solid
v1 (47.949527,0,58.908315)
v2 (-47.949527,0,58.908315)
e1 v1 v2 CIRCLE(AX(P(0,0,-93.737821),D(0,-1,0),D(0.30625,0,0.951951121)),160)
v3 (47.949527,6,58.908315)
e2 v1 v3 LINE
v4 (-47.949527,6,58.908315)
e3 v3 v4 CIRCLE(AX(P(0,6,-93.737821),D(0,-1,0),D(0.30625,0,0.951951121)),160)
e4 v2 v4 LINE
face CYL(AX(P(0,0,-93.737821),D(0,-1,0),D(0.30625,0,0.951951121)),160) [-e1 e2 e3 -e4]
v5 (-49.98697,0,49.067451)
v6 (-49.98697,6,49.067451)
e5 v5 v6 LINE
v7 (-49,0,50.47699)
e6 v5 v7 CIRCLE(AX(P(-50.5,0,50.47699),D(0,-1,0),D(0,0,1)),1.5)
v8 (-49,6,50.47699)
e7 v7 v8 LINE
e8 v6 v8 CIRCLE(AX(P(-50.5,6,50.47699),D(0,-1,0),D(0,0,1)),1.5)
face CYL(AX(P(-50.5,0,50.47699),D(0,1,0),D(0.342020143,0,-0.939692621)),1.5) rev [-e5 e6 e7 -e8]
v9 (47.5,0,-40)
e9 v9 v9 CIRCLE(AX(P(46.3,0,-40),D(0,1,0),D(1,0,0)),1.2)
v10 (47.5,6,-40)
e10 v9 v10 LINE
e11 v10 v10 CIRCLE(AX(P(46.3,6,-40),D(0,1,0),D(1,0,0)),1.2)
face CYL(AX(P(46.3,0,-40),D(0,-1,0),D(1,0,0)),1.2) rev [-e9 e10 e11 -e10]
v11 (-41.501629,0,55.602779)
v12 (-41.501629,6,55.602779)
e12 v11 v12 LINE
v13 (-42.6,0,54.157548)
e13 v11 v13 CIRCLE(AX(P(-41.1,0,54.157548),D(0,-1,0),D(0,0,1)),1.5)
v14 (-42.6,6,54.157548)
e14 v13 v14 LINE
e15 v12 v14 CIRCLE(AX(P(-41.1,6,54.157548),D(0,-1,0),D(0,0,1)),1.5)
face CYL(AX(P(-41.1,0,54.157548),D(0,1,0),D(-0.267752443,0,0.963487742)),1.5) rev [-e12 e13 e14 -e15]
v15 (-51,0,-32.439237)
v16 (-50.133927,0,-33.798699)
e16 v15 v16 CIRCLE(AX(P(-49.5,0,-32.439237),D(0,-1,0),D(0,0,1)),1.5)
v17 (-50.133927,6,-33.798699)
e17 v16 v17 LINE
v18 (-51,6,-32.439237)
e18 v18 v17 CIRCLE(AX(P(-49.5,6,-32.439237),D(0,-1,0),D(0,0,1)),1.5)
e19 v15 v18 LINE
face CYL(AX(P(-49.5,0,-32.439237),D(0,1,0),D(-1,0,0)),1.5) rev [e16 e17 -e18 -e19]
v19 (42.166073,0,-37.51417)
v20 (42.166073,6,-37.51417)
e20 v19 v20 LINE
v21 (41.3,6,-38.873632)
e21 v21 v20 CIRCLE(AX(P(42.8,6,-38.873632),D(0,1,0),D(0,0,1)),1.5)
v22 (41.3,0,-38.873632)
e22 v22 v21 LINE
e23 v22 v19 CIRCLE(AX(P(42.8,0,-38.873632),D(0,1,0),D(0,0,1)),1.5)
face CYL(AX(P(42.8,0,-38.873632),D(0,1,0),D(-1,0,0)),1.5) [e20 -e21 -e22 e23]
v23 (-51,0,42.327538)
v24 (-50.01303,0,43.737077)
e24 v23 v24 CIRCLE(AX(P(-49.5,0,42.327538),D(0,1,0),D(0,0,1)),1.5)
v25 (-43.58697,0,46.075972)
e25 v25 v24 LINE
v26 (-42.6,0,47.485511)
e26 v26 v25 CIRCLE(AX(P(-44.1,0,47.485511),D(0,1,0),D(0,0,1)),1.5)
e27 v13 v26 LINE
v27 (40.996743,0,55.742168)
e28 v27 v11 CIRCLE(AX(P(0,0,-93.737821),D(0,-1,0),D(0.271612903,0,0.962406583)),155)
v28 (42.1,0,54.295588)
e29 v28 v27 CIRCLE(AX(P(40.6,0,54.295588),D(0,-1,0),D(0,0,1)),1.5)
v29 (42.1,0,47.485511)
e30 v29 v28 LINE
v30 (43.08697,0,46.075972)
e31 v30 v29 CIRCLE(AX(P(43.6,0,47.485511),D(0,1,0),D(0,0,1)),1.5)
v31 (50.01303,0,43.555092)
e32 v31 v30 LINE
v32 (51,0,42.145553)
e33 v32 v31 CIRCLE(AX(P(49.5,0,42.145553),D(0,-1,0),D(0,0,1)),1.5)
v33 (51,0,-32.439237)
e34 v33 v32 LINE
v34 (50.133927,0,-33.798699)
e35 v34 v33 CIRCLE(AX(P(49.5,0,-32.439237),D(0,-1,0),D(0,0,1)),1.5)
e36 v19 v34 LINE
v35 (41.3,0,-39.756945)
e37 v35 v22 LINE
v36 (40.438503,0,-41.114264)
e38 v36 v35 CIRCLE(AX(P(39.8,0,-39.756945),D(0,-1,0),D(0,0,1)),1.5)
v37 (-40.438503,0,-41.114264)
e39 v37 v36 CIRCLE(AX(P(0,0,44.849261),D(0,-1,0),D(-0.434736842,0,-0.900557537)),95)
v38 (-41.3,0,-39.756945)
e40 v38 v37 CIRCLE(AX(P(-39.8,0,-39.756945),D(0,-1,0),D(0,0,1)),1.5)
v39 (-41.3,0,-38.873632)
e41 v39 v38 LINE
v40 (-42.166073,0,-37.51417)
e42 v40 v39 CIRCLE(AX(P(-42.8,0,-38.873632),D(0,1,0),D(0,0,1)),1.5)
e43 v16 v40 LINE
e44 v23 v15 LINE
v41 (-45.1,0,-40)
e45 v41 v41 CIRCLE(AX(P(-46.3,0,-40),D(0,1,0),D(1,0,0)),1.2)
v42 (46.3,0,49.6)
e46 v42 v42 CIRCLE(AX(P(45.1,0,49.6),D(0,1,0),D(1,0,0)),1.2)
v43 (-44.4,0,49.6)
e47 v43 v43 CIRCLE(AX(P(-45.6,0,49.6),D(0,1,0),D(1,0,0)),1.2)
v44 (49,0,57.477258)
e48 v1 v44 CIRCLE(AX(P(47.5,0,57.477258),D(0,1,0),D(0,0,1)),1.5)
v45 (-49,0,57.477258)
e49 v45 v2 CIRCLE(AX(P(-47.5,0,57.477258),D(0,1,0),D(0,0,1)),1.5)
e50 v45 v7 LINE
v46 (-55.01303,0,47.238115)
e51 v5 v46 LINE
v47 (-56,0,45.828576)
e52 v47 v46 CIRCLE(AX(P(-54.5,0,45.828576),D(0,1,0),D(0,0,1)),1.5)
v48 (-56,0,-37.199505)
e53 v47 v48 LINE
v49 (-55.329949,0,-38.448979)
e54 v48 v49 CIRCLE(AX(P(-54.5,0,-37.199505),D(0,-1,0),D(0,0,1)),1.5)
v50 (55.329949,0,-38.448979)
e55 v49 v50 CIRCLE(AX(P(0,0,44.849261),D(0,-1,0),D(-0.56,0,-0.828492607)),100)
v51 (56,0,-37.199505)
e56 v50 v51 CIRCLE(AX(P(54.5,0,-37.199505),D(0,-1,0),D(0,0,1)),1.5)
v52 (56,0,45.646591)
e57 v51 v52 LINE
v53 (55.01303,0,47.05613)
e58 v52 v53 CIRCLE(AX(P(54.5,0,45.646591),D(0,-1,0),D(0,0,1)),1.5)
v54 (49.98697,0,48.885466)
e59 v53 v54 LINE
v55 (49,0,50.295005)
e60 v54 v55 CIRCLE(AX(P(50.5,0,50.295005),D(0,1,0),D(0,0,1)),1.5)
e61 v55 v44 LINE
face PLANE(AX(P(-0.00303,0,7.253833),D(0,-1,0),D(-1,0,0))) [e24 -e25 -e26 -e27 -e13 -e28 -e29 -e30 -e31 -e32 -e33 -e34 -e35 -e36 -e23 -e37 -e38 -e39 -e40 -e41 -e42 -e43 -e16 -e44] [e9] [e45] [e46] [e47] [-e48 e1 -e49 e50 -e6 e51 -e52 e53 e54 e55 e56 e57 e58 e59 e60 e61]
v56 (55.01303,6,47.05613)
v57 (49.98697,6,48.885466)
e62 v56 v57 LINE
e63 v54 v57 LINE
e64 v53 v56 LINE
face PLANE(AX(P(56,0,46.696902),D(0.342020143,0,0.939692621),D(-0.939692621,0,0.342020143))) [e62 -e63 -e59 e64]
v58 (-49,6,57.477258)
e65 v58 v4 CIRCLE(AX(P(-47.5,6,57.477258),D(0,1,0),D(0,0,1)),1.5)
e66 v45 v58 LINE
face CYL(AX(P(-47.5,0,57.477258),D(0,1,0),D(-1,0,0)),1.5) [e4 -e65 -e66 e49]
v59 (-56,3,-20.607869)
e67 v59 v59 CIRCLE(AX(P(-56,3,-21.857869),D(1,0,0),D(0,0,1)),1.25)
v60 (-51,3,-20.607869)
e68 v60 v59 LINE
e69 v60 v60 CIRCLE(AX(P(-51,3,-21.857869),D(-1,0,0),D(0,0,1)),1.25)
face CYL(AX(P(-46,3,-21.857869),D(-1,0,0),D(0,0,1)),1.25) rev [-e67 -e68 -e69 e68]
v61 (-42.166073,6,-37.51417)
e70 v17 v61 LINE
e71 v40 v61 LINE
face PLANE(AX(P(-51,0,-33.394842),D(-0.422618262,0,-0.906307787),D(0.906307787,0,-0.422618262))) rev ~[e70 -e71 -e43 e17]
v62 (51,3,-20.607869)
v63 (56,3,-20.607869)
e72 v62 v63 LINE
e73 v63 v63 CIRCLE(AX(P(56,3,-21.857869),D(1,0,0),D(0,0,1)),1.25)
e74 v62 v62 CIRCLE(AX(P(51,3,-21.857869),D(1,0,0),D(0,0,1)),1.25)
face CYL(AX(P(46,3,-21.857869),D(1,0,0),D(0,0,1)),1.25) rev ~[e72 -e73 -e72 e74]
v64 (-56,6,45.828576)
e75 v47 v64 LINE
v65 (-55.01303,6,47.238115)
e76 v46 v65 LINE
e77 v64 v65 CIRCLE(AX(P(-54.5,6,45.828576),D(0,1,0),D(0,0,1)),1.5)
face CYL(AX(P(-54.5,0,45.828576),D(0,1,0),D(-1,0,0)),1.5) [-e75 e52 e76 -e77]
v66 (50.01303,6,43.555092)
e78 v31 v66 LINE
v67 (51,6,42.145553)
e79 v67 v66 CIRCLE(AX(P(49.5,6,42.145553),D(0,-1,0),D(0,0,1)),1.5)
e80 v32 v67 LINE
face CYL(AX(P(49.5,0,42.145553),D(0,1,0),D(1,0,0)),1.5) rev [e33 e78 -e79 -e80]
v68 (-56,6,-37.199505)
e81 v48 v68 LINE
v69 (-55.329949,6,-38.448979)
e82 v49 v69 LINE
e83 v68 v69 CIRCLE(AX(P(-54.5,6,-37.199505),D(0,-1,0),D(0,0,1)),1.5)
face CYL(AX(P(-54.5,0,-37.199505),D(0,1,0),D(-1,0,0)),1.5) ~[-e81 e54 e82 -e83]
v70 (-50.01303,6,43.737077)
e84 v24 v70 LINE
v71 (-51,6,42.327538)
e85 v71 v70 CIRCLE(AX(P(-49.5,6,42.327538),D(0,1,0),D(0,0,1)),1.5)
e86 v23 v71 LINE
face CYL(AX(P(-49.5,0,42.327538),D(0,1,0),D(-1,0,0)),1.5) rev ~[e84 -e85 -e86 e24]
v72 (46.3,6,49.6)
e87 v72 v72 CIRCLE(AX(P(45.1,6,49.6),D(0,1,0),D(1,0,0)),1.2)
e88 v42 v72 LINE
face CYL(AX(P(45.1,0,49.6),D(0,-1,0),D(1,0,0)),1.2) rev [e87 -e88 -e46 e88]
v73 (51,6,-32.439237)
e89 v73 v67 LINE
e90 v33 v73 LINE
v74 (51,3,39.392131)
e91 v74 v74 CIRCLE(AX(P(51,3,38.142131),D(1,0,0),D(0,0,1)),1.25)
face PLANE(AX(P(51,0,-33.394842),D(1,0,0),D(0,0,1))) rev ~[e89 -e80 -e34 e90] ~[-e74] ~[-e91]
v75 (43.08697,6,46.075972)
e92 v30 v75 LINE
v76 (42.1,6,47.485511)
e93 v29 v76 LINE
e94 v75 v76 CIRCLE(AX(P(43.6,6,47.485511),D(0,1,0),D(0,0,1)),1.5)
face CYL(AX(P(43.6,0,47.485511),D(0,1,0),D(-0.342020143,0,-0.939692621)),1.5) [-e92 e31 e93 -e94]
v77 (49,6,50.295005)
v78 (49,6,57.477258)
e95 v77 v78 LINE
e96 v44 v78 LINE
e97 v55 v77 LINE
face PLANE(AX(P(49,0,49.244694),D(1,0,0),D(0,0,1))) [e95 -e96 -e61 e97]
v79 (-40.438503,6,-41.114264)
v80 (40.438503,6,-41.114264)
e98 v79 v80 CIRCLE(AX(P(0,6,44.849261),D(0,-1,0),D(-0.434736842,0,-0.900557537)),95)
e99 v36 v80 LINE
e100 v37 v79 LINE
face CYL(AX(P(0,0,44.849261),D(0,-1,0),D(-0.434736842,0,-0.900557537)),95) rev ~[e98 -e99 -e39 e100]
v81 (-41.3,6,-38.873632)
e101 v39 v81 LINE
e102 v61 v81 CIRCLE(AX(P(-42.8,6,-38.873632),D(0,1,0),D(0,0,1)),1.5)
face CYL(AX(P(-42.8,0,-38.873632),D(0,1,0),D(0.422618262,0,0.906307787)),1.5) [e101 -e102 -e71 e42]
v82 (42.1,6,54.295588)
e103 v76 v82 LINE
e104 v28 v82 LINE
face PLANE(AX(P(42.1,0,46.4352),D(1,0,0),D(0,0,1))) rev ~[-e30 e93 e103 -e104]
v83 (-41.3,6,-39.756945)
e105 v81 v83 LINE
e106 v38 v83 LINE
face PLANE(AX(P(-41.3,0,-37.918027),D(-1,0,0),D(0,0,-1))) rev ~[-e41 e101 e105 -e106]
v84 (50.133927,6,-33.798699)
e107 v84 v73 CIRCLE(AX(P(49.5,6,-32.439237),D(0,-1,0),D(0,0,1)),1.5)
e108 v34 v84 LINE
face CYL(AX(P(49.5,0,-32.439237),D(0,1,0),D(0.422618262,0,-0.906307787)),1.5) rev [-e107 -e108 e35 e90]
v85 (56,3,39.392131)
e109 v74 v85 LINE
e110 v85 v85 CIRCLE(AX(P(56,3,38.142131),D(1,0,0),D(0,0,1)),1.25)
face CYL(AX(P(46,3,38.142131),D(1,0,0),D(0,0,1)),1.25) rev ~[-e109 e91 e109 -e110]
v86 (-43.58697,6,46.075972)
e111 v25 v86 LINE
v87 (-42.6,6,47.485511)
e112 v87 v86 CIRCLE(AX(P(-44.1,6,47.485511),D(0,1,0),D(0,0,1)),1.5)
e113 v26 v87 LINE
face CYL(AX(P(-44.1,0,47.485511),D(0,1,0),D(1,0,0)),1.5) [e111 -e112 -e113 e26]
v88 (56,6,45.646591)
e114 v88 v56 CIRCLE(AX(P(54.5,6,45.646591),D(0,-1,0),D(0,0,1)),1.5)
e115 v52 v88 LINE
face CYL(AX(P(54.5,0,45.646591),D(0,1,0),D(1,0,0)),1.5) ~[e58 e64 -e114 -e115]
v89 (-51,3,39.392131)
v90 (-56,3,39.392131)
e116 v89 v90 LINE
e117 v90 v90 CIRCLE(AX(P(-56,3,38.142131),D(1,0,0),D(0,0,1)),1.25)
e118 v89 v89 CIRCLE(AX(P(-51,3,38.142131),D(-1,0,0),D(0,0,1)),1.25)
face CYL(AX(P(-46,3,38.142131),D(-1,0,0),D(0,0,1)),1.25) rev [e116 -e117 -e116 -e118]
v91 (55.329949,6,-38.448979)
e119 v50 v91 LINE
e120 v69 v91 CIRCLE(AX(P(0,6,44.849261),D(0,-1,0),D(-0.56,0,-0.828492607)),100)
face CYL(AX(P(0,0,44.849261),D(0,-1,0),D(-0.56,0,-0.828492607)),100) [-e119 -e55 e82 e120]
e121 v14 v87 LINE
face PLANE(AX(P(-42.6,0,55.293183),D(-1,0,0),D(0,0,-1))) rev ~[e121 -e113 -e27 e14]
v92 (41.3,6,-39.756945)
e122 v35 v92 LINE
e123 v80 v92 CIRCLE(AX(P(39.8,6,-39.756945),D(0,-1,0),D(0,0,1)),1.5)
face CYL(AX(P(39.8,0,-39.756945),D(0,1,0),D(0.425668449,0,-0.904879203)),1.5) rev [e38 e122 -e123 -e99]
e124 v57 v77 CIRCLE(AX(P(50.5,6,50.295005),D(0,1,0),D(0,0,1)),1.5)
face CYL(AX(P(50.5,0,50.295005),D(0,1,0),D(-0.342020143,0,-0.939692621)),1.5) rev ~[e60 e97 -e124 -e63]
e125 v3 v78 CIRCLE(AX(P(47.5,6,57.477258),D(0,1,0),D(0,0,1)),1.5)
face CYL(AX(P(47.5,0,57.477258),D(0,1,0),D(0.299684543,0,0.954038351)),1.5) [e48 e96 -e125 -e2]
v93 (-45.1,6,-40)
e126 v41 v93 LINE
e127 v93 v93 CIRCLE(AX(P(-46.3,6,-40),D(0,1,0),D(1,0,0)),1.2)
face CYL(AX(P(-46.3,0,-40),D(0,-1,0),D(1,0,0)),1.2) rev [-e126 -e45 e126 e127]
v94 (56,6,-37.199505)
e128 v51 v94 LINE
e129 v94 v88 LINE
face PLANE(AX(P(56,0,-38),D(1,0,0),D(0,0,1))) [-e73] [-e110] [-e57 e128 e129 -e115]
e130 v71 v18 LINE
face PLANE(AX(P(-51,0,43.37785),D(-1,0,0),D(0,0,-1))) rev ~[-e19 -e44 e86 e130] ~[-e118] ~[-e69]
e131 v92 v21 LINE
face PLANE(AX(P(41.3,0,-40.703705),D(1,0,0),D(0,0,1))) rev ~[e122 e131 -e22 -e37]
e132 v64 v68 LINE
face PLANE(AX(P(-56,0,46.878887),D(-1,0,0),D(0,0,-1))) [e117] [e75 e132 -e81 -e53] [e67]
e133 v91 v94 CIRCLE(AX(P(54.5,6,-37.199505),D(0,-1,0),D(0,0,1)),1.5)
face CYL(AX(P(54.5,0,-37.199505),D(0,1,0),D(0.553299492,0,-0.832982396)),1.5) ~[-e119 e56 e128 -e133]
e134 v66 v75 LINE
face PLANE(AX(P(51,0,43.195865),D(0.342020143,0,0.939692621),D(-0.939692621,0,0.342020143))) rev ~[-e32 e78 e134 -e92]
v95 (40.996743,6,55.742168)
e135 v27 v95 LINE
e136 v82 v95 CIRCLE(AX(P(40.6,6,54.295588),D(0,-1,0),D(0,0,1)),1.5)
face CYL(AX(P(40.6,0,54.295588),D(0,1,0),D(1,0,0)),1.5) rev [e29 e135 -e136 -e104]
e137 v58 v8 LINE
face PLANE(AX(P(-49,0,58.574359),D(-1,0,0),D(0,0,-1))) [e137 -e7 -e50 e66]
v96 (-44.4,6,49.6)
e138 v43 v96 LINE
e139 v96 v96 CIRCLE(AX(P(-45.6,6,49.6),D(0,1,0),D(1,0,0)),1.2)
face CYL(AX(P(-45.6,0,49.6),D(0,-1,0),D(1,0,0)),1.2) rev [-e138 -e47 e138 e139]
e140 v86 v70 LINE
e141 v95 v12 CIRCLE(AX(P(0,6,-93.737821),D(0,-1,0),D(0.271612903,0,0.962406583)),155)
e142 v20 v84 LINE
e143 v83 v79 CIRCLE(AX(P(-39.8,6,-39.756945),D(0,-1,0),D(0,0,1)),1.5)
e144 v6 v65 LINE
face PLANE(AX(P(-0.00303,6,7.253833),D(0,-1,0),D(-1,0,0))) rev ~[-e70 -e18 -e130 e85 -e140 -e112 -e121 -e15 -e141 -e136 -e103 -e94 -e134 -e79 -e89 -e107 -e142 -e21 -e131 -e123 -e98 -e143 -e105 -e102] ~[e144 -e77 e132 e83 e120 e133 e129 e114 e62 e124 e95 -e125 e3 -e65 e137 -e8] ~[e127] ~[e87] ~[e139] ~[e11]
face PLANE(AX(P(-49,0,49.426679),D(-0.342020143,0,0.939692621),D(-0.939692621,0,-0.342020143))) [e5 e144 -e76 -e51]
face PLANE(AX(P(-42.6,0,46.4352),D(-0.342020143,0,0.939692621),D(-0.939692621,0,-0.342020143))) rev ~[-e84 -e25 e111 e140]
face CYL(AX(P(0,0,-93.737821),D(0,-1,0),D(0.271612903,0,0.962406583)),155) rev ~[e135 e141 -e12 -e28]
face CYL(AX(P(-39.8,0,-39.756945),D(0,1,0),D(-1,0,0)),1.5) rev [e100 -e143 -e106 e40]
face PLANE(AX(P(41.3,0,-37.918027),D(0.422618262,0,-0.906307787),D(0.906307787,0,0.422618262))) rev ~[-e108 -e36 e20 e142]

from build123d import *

# Parameters (mm, degrees)
SKETCH1_R                        = 1.2
BOSS_EXTRUDE1_DEPTH              = 6
TAP_DRILL_FOR_M3_TAP1_AT_2_COUNT = 2
TAP_DRILL_FOR_M3_TAP1_AT_2_PITCH = 60
FILLET1_R                        = 1.5


with BuildPart() as part:
    # Sketch1 → Boss-Extrude1 (new body)
    with BuildSketch(Plane(origin=(0, 0, 0), x_dir=(1, 0, 0), z_dir=(0, 1, 0))):
        with BuildLine():
            Line((-56, -46.878887336), (-56, 38))
            ThreePointArc((-56, 38), (0, 55.150739291), (56, 38))
            Line((56, 38), (56, -46.696902219))
            Line((56, -46.696902219), (49, -49.244693859))
            Line((49, -49.244693859), (49, -58.574358685))
            ThreePointArc((49, -58.574358685), (0, -66.262179264), (-49, -58.574358685))
            Line((-49, -58.574358685), (-49, -49.426678976))
            Line((-49, -49.426678976), (-56, -46.878887336))
        make_face()
        with Locations((-46.3, 40)):
            Circle(SKETCH1_R, mode=Mode.SUBTRACT)
        with Locations((46.3, 40)):
            Circle(SKETCH1_R, mode=Mode.SUBTRACT)
        with Locations((45.1, -49.6)):
            Circle(SKETCH1_R, mode=Mode.SUBTRACT)
        with Locations((-45.6, -49.6)):
            Circle(SKETCH1_R, mode=Mode.SUBTRACT)
        with BuildLine():
            Line((-51, -43.377849645), (-51, 33.394842331))
            Line((-51, 33.394842331), (-41.3, 37.918026615))
            Line((-41.3, 37.918026615), (-41.3, 40.703705341))
            ThreePointArc((-41.3, 40.703705341), (0, 50.150739291), (41.3, 40.703705341))
            Line((41.3, 40.703705341), (41.3, 37.918026615))
            Line((41.3, 37.918026615), (51, 33.394842331))
            Line((51, 33.394842331), (51, -43.195864528))
            Line((51, -43.195864528), (42.1, -46.435199613))
            Line((42.1, -46.435199613), (42.1, -55.435199613))
            ThreePointArc((42.1, -55.435199613), (-0.259888817, -61.261961386), (-42.6, -55.29318275))
            Line((-42.6, -55.29318275), (-42.6, -46.435199613))
            Line((-42.6, -46.435199613), (-51, -43.377849645))
        make_face(mode=Mode.SUBTRACT)
    extrude(amount=BOSS_EXTRUDE1_DEPTH)

    # Sketch2 → Tap Drill for M3 Tap1 (revolve, cut)
    with BuildSketch(Plane(origin=(-56, 3, -21.857868774), x_dir=(0, 0, 1), z_dir=(0, 1, 0))):
        Polygon((0, 0), (0, 10.751075774), (1.25, 10), (1.25, 0), align=None)
    tap_drill_for_m3_tap1 = revolve(axis=Axis((-62.35, 3, -21.857868774), (1, 0, 0)), mode=Mode.SUBTRACT)

    # Tap Drill for M3 Tap1 at 2: Tap Drill for M3 Tap1 ×2
    with Locations(*[(0, 0, i * TAP_DRILL_FOR_M3_TAP1_AT_2_PITCH) for i in range(1, TAP_DRILL_FOR_M3_TAP1_AT_2_COUNT)]):
        add(tap_drill_for_m3_tap1, mode=Mode.SUBTRACT)

    # Mirror1: Tap Drill for M3 Tap1 across plane
    add(tap_drill_for_m3_tap1.mirror(Plane(origin=(0, 0, 0), x_dir=(0, 0, 1), z_dir=(1, 0, 0))), mode=Mode.SUBTRACT)

    # Mirror1 copy 1 sketch → Mirror1 copy 1 (revolve, cut)
    with BuildSketch(Plane(origin=(56, 3, 38.142131226), x_dir=(0, 0, 1), z_dir=(0, 1, 0))):
        Polygon((0, 0), (0, -10.751075774), (1.25, -10), (1.25, 0), align=None)
    revolve(axis=Axis((62.35, 3, 38.142131226), (1, 0, 0)), mode=Mode.SUBTRACT)

    # Fillet1
    fillet1_edges = [part.edges().sort_by_distance(p)[0] for p in [
        (49, 3, 49.244693859),
        (49, 3, 58.574358685),
        (-49, 3, 58.574358685),
        (-49, 3, 49.426678976),
        (-56, 3, 46.878887336),
        (-56, 3, -38),
        (56, 3, -38),
        (56, 3, 46.696902219),
        (-51, 3, 43.377849645),
        (-42.6, 3, 46.435199613),
        (-42.6, 3, 55.29318275),
        (42.1, 3, 55.435199613),
        (42.1, 3, 46.435199613),
        (51, 3, 43.195864528),
        (51, 3, -33.394842331),
        (41.3, 3, -37.918026615),
        (41.3, 3, -40.703705341),
        (-41.3, 3, -40.703705341),
        (-41.3, 3, -37.918026615),
        (-51, 3, -33.394842331),
    ]]
    fillet(fillet1_edges, radius=FILLET1_R)


solid = part.part
